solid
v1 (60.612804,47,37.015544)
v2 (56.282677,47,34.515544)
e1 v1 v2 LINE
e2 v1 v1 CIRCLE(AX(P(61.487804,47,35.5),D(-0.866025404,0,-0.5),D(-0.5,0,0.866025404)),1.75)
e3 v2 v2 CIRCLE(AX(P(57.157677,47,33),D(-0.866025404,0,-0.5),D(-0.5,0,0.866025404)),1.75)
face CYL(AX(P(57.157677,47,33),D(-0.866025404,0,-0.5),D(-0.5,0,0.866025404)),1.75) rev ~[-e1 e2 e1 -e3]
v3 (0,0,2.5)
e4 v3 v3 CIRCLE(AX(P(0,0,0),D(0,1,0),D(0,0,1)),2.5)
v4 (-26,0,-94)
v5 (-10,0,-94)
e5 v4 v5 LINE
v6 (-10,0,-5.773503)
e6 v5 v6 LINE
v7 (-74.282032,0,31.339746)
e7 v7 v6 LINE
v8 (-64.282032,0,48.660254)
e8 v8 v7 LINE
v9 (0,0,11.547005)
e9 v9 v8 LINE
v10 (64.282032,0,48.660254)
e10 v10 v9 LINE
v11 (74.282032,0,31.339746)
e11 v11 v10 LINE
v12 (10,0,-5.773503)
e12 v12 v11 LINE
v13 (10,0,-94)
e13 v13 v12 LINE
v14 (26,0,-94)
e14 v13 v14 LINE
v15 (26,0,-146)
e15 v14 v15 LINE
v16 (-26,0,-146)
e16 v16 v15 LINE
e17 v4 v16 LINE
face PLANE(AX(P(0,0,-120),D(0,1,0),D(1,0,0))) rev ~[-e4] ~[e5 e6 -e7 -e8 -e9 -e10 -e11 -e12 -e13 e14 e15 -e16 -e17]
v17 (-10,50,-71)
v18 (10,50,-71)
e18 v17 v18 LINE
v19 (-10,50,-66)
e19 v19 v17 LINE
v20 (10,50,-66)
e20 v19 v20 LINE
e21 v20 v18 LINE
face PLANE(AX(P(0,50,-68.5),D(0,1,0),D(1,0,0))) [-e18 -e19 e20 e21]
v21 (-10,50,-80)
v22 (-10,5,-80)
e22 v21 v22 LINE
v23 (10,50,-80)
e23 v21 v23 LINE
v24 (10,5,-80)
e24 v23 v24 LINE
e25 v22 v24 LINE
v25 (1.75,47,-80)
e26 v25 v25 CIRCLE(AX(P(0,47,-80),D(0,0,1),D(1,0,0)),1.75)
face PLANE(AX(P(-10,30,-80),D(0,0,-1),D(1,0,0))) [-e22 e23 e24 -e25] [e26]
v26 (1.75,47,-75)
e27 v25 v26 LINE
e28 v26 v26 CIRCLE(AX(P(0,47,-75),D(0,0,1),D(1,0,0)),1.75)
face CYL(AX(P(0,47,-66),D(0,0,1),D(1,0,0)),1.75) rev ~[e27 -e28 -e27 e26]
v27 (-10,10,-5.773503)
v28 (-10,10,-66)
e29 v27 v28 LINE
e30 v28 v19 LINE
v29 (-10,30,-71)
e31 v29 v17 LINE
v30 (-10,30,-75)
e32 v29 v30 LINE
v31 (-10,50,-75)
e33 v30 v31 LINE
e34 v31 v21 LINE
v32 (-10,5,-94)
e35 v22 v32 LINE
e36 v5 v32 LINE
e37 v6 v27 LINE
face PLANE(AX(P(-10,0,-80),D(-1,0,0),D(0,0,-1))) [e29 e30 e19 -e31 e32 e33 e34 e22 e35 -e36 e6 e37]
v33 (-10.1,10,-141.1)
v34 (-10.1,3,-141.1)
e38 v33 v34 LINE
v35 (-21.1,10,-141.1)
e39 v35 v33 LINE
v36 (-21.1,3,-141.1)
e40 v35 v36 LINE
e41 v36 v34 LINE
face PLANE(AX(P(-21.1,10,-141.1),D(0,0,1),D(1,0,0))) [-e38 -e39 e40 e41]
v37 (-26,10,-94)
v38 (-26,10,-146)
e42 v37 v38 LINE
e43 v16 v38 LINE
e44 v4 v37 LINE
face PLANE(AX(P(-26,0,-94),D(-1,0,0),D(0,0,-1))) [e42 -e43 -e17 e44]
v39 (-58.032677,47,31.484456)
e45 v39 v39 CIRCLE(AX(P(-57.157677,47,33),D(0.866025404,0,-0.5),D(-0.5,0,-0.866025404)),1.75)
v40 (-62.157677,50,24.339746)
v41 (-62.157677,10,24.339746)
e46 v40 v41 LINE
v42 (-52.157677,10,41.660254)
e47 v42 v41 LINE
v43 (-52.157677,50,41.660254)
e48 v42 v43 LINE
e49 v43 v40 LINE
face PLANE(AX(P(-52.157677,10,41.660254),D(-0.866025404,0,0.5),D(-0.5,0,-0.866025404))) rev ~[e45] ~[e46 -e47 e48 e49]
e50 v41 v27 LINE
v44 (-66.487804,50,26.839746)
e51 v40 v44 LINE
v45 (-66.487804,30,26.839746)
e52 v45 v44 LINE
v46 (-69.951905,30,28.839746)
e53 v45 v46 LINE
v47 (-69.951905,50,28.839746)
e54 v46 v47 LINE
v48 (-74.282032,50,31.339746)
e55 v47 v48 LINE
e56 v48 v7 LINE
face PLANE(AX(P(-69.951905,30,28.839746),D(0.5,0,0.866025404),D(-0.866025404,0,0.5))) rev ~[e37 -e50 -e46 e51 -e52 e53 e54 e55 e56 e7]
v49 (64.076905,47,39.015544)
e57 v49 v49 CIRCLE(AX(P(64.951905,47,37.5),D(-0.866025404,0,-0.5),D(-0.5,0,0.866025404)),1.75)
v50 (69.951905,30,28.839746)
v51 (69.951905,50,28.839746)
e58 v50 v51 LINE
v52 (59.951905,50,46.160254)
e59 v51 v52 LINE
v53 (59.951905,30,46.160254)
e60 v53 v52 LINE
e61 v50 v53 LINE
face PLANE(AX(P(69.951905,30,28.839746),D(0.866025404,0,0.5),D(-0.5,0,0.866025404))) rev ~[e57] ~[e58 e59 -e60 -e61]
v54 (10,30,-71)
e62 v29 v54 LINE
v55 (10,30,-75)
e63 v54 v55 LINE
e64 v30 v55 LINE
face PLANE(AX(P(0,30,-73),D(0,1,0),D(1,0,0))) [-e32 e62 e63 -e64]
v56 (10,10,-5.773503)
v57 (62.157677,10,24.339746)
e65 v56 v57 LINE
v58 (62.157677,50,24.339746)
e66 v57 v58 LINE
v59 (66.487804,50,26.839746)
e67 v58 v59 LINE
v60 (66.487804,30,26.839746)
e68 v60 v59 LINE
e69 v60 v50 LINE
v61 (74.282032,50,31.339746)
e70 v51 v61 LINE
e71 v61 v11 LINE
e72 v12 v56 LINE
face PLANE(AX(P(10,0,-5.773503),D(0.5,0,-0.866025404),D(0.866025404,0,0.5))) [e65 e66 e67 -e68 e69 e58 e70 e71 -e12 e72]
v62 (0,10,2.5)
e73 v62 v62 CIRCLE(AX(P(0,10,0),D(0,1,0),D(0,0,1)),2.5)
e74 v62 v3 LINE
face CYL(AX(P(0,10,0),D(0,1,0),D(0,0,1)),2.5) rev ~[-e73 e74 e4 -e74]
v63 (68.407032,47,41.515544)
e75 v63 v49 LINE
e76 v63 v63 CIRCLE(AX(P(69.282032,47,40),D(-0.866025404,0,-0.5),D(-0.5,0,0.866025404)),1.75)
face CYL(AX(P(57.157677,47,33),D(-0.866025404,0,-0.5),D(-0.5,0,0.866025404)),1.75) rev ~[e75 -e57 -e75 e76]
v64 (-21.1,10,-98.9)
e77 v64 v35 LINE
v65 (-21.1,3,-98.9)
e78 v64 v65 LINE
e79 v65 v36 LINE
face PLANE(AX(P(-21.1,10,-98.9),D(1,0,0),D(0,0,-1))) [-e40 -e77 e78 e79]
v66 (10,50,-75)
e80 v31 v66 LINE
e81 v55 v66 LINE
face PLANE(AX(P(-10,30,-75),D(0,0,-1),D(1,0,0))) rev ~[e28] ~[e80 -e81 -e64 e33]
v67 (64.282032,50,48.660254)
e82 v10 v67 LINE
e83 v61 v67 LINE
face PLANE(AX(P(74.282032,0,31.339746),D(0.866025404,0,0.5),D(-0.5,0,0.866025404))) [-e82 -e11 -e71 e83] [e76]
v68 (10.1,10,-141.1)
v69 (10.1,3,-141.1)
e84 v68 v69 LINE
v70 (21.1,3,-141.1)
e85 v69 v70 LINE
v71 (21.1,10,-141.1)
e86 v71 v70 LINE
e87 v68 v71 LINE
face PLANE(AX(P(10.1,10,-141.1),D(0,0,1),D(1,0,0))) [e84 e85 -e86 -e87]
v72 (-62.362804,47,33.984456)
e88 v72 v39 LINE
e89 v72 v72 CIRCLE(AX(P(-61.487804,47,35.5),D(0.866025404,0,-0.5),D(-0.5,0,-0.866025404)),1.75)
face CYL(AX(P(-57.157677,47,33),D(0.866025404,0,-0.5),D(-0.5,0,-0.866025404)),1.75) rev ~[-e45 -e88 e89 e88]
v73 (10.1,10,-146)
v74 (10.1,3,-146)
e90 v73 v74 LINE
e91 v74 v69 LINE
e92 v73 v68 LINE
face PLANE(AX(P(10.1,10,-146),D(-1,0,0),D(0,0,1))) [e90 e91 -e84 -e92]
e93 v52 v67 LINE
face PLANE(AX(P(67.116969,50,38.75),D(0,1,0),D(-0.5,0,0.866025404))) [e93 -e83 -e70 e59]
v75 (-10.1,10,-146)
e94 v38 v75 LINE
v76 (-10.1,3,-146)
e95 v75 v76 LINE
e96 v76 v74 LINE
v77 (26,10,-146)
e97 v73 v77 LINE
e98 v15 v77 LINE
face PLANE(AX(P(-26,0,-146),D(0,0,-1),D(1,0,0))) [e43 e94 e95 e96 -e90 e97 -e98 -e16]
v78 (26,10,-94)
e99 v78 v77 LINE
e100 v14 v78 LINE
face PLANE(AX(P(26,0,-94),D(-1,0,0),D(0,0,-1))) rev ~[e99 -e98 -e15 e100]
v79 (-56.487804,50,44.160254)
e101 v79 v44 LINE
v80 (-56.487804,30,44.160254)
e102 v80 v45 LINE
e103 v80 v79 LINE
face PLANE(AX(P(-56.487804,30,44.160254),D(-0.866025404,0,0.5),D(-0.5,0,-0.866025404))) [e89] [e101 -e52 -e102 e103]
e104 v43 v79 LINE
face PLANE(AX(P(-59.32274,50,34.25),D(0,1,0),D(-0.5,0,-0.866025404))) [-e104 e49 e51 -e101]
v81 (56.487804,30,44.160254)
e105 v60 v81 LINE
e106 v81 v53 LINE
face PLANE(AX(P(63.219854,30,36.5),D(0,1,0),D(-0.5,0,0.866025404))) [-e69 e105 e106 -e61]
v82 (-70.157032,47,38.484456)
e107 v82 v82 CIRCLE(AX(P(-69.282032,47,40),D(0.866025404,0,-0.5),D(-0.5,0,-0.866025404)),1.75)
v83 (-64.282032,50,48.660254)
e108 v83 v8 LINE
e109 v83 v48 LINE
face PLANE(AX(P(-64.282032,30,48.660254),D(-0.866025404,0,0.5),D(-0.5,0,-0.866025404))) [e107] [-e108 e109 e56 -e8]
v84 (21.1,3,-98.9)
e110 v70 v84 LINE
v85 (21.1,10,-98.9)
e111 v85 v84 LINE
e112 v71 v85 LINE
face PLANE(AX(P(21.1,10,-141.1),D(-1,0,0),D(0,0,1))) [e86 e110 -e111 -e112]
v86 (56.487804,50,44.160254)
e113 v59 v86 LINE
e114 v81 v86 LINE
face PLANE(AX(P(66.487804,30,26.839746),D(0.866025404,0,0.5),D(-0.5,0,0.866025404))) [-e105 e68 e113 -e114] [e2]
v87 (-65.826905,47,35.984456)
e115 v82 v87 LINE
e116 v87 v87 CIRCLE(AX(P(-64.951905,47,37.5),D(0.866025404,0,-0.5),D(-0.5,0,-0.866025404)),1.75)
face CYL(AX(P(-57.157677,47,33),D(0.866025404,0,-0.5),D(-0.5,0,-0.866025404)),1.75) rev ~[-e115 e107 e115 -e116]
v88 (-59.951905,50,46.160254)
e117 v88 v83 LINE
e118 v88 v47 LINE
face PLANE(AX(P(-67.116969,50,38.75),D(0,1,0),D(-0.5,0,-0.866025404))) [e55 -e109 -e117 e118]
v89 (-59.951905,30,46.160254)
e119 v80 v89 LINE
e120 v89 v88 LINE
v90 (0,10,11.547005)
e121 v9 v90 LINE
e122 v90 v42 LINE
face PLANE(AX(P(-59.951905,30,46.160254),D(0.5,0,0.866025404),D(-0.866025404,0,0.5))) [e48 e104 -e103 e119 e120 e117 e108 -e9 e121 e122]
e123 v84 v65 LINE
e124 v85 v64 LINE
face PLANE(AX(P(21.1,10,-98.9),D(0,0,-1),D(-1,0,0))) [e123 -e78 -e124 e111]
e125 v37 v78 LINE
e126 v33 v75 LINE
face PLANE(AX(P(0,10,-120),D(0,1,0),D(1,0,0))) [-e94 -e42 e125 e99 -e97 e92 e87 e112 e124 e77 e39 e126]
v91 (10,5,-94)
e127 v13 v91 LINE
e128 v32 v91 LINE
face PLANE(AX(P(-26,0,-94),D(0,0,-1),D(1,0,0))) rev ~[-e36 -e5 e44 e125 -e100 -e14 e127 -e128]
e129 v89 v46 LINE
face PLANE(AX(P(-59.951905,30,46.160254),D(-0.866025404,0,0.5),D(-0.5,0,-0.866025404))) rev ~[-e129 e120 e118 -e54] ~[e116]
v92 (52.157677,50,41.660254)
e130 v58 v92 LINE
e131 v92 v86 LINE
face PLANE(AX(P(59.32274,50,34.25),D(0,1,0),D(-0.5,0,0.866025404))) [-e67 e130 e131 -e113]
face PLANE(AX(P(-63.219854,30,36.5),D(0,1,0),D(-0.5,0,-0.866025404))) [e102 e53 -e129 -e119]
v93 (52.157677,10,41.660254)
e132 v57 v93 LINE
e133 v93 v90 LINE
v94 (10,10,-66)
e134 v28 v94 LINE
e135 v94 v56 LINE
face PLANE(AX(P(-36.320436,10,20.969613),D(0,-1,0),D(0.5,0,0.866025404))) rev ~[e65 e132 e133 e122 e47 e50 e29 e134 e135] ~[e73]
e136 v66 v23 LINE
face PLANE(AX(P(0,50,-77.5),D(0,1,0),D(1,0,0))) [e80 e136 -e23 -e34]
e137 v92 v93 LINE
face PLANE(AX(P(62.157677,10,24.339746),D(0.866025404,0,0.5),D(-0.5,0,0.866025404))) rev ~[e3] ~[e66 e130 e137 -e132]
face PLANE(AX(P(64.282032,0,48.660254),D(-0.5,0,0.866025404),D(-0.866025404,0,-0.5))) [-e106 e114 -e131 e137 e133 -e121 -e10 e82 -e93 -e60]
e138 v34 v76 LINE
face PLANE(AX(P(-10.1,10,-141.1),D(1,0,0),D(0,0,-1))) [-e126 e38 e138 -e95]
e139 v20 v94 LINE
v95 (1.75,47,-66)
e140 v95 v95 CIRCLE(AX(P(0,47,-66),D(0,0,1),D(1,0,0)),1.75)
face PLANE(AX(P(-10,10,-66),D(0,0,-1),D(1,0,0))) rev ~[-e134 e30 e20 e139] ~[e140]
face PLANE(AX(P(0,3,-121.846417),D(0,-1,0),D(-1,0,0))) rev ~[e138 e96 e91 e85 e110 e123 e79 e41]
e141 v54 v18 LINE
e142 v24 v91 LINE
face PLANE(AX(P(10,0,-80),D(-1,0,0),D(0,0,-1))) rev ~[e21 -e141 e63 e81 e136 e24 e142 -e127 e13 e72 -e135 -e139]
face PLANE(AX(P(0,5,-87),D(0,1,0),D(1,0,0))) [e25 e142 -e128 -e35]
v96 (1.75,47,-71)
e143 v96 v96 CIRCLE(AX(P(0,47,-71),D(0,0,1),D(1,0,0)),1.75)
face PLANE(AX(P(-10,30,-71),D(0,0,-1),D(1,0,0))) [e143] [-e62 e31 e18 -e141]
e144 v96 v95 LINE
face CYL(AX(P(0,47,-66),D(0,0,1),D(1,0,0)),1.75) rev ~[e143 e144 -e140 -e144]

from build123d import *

# Parameters (mm, degrees)
BOSS_EXTRUDE1_DEPTH = 10
SKETCH2_W           = 20
SKETCH2_H           = 14
BOSS_EXTRUDE2_DEPTH = 20
SKETCH3_W           = 20
SKETCH3_H           = 5
BOSS_EXTRUDE3_DEPTH = 20
SKETCH4_R           = 1.75
CUT_EXTRUDE1_DEPTH  = 84.402637848
CIRPATTERN1_COUNT   = 3
SKETCH5_R           = 2.5
CUT_EXTRUDE2_DEPTH  = 117.266161556
SKETCH8_W           = 20
SKETCH8_H           = 14
BOSS_EXTRUDE7_DEPTH = 5
SKETCH11_W          = 52
SKETCH11_H          = 52
BOSS_EXTRUDE8_DEPTH = 10
CUT_EXTRUDE3_DEPTH  = 7


with BuildPart() as part:
    # Sketch1 → Boss-Extrude1 (new body)
    with BuildSketch(Plane(origin=(0, 0, 0), x_dir=(1, 0, 0), z_dir=(0, 1, 0))):
        Polygon((0, 0), (-10, 5.773502692), (-10, 80), (10, 80), (10, 5.773502692), align=None)
    boss_extrude1 = extrude(amount=BOSS_EXTRUDE1_DEPTH)

    # Sketch2 → Boss-Extrude2 (add)
    with BuildSketch(Plane(origin=(0, 10, 0), x_dir=(1, 0, 0), z_dir=(0, 1, 0))):
        with Locations((0, 73)):
            Rectangle(SKETCH2_W, SKETCH2_H)
    boss_extrude2 = extrude(amount=BOSS_EXTRUDE2_DEPTH)

    # Sketch3 → Boss-Extrude3 (add)
    with BuildSketch(Plane(origin=(0, 30, 0), x_dir=(1, 0, 0), z_dir=(0, 1, 0))):
        with Locations((0, 77.5)):
            Rectangle(SKETCH3_W, SKETCH3_H)
        with Locations((0, 68.5)):
            Rectangle(SKETCH3_W, SKETCH3_H)
    boss_extrude3 = extrude(amount=BOSS_EXTRUDE3_DEPTH)

    # Sketch4 → Cut-Extrude1 (cut, symmetric)
    with BuildSketch(Plane.XY.offset(-66)):
        with Locations((0, 47)):
            Circle(SKETCH4_R)
    cut_extrude1 = extrude(amount=CUT_EXTRUDE1_DEPTH, both=True, mode=Mode.SUBTRACT)

    # CirPattern1: Boss-Extrude1, Boss-Extrude2, Boss-Extrude3, Cut-Extrude1 ×3 about axis
    cirpattern1_axis = Axis((0, 0, 0), (0, 1, 0))
    add([boss_extrude1.rotate(cirpattern1_axis, i * 360 / CIRPATTERN1_COUNT) for i in range(1, CIRPATTERN1_COUNT)])
    add([boss_extrude2.rotate(cirpattern1_axis, i * 360 / CIRPATTERN1_COUNT) for i in range(1, CIRPATTERN1_COUNT)])
    add([boss_extrude3.rotate(cirpattern1_axis, i * 360 / CIRPATTERN1_COUNT) for i in range(1, CIRPATTERN1_COUNT)])
    add([cut_extrude1.rotate(cirpattern1_axis, i * 360 / CIRPATTERN1_COUNT) for i in range(1, CIRPATTERN1_COUNT)], mode=Mode.SUBTRACT)

    # Sketch5 → Cut-Extrude2 (cut, through all)
    with BuildSketch(Plane(origin=(0, 10, 0), x_dir=(1, 0, 0), z_dir=(0, 1, 0))):
        with Locations(Location((0, 0, 0), (0, 0, 270))):
            Circle(SKETCH5_R)
    extrude(amount=-CUT_EXTRUDE2_DEPTH, mode=Mode.SUBTRACT)

    # Sketch8 → Boss-Extrude7 (add)
    with BuildSketch(Plane(origin=(0, 0, 0), x_dir=(1, 0, 0), z_dir=(0, 1, 0))):
        with Locations((0, 87)):
            Rectangle(SKETCH8_W, SKETCH8_H)
    extrude(amount=BOSS_EXTRUDE7_DEPTH)

    # Sketch11 → Boss-Extrude8 (add)
    with BuildSketch(Plane(origin=(0, 0, 0), x_dir=(1, 0, 0), z_dir=(0, 1, 0))):
        with Locations((0, 120)):
            Rectangle(SKETCH11_W, SKETCH11_H)
    extrude(amount=BOSS_EXTRUDE8_DEPTH)

    # Sketch12 → Cut-Extrude3 (cut)
    with BuildSketch(Plane(origin=(0, 10, 0), x_dir=(1, 0, 0), z_dir=(0, 1, 0))):
        Polygon((-21.1, 141.1), (-10.1, 141.1), (-10.1, 146), (10.1, 146), (10.1, 141.1), (21.1, 141.1), (21.1, 98.9), (-21.1, 98.9), align=None)
    extrude(amount=-CUT_EXTRUDE3_DEPTH, mode=Mode.SUBTRACT)


solid = part.part
